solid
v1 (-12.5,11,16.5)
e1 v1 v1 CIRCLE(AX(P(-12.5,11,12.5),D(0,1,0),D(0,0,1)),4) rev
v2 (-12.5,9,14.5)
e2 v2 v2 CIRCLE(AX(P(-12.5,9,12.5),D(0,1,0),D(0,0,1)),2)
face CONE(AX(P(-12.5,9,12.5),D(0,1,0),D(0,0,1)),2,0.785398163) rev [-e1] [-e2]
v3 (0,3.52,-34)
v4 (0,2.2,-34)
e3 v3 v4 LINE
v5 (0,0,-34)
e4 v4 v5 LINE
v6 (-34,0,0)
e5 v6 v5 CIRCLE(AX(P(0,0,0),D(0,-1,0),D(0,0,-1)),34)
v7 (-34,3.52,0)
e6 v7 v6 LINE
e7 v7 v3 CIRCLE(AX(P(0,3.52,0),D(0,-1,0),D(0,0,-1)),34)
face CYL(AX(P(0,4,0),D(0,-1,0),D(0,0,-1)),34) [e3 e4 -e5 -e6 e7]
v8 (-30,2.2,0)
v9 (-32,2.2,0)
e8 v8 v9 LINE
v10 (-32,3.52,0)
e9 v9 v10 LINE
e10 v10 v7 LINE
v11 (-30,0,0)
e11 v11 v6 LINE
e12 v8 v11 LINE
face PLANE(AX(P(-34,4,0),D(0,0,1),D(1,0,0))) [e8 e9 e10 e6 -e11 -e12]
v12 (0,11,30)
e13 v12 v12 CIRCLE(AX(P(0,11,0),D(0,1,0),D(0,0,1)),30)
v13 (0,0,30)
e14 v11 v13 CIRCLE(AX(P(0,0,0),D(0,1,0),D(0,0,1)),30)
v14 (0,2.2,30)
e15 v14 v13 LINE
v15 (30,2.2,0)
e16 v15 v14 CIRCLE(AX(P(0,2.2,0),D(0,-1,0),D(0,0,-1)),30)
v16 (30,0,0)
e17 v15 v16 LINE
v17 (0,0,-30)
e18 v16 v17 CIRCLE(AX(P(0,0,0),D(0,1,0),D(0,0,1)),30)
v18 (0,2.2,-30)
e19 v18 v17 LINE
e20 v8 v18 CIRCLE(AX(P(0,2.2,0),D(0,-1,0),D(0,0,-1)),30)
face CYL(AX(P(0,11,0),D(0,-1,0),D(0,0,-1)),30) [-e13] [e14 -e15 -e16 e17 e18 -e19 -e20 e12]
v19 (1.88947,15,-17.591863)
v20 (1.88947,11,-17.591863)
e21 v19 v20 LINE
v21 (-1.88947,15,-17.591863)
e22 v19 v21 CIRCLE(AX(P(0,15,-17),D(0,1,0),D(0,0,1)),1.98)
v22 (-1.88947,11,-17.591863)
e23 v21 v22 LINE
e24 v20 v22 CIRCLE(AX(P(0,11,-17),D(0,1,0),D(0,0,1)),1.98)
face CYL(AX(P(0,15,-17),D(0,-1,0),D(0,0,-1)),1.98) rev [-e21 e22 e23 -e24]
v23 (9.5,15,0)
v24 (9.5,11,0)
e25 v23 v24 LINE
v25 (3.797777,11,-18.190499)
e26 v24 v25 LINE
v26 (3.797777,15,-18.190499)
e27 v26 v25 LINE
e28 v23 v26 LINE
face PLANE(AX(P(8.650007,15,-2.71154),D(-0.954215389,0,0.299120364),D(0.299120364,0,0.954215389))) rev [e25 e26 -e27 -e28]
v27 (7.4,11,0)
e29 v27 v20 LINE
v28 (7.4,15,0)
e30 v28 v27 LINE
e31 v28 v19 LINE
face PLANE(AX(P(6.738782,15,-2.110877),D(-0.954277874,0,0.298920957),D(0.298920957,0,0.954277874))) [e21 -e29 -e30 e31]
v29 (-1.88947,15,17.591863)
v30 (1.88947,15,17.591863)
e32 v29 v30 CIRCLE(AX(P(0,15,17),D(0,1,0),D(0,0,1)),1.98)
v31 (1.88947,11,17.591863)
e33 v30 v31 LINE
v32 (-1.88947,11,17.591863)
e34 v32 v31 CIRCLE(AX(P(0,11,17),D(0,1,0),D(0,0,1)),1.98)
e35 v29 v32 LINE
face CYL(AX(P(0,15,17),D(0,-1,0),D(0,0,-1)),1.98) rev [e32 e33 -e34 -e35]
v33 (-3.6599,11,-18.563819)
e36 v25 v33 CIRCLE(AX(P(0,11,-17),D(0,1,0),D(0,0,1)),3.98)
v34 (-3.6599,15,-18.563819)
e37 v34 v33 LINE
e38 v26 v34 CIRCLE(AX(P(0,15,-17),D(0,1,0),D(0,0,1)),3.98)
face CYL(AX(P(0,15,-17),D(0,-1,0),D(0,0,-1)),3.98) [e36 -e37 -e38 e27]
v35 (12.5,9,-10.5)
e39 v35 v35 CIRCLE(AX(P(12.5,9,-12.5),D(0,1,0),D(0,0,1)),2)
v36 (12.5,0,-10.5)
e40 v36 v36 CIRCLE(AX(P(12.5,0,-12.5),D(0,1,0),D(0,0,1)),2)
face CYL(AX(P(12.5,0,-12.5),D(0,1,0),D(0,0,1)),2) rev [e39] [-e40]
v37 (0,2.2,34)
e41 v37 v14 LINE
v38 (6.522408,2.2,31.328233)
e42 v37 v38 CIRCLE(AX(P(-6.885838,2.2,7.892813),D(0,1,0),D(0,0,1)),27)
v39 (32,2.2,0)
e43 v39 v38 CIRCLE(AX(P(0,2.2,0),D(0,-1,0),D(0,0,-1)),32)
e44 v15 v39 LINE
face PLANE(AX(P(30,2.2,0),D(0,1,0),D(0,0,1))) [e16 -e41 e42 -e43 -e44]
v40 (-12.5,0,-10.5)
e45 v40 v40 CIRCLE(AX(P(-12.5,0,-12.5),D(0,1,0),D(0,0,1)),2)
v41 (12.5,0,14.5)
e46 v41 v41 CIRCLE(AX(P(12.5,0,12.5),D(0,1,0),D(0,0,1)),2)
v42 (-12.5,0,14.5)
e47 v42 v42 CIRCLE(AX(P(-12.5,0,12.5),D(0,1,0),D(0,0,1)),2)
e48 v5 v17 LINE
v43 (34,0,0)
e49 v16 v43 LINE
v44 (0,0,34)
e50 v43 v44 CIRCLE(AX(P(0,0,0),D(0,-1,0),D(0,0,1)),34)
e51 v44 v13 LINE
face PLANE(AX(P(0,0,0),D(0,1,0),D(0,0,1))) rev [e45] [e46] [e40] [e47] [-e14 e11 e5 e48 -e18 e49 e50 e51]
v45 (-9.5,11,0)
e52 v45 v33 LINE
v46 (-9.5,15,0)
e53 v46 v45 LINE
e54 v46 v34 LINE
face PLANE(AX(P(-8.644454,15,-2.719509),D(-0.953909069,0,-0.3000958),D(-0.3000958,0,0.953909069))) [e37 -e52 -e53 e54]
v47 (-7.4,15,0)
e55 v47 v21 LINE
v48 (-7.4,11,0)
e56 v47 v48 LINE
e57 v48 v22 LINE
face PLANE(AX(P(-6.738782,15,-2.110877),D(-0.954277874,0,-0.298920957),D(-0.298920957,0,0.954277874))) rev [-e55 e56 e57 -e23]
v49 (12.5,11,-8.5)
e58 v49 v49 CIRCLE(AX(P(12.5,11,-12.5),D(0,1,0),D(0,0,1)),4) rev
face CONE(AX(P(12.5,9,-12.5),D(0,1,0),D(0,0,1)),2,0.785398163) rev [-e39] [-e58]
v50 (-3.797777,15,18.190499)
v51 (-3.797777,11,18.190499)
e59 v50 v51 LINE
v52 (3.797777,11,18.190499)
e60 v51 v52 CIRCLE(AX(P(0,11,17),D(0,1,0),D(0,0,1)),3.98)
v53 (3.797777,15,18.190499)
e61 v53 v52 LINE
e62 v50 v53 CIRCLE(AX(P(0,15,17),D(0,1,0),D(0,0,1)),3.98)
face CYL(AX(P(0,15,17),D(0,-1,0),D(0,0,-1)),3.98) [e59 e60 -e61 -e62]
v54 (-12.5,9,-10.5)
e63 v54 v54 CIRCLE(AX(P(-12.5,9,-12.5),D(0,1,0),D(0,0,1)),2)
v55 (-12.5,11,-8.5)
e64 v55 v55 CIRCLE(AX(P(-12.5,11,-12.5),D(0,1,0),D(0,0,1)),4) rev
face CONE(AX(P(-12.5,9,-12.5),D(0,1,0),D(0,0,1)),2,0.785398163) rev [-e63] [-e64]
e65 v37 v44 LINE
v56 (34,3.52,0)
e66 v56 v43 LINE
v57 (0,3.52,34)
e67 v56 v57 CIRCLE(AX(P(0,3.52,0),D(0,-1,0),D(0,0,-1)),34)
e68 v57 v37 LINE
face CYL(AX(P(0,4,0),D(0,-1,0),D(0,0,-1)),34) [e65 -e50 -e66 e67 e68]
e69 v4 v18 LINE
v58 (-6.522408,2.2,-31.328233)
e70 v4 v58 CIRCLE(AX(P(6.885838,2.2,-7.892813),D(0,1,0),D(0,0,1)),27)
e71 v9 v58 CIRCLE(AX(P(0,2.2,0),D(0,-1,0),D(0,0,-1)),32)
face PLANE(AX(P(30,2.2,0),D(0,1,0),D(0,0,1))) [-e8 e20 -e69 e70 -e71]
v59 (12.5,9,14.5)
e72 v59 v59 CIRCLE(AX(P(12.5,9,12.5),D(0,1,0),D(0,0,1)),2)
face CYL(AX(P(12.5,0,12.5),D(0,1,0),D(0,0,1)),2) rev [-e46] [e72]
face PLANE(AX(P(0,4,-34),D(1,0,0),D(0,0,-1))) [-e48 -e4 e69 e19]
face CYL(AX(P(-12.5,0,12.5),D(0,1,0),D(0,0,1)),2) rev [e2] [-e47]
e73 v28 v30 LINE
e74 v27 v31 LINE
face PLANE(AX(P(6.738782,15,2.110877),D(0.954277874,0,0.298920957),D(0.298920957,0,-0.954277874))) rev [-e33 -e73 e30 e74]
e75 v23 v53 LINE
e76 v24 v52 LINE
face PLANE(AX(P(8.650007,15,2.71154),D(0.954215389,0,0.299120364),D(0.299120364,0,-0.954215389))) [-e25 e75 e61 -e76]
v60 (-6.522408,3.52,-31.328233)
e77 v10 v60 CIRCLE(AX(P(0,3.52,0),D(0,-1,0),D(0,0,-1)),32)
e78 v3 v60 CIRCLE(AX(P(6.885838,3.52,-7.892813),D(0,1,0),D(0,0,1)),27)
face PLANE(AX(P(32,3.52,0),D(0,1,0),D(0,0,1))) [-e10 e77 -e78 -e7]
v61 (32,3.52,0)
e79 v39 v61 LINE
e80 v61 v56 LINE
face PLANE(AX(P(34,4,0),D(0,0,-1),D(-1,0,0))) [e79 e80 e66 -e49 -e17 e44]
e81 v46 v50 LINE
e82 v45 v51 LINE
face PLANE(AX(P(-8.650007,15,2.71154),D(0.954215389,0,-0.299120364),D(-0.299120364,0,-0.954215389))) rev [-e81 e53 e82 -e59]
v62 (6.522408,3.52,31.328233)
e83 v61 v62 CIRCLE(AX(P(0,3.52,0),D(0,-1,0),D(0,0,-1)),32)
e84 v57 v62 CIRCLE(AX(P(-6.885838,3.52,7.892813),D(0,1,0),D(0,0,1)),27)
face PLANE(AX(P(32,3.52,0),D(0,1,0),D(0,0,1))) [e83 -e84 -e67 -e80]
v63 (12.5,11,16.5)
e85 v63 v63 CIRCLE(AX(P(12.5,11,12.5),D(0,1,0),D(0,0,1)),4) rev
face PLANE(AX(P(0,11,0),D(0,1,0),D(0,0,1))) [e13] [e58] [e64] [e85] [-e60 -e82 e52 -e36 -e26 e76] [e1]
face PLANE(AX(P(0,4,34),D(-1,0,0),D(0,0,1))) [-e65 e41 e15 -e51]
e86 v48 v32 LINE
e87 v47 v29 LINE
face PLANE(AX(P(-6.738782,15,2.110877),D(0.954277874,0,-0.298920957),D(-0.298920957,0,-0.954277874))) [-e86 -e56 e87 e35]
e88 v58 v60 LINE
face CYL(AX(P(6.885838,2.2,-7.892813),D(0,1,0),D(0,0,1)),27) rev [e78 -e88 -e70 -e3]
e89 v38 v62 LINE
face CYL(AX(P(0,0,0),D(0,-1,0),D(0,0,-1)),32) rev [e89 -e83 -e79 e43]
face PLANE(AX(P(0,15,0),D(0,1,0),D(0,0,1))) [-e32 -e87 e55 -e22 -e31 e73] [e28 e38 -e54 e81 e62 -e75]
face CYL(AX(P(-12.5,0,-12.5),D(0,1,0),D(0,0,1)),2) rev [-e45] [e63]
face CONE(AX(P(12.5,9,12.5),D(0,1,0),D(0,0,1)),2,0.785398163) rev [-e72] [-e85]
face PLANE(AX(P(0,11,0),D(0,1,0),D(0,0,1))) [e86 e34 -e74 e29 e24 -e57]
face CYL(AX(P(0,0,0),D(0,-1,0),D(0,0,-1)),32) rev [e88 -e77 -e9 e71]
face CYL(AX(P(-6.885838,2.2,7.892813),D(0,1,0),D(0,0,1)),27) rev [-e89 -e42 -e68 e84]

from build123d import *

# Parameters (mm, degrees)
SKETCH_1_R          = 30
EXTRUDE_1_DEPTH     = 11
EXTRUDE_2_DEPTH     = 4
CUT_EXTRUDE_1_DEPTH = 1.32
SKETCH_8_R          = 2
CUT_EXTRUDE_2_DEPTH = 50.325449821
CHAMFER_2_SIZE      = 2
EXTRUDE_4_DEPTH     = 4


with BuildPart() as part:
    # 草图1 → 凸台-拉伸1 (new body)
    with BuildSketch(Plane(origin=(0, 0, 0), x_dir=(1, 0, 0), z_dir=(0, 1, 0))):
        with Locations(Location((0, 0, 0), (0, 0, 270))):
            Circle(SKETCH_1_R)
    extrude(amount=EXTRUDE_1_DEPTH)

    # 草图3 → 凸台-拉伸2 (add)
    with BuildSketch(Plane.XZ):
        with BuildLine():
            Line((-34, 0), (-30, 0))
            ThreePointArc((-30, 0), (-21.213203436, -21.213203436), (0, -30))
            Line((0, -30), (0, -34))
            ThreePointArc((0, -34), (-24.04163056, -24.04163056), (-34, 0))
        make_face()
        with BuildLine():
            Line((0, 34), (0, 30))
            ThreePointArc((0, 30), (21.213203436, 21.213203436), (30, 0))
            Line((30, 0), (34, 0))
            ThreePointArc((34, 0), (24.04163056, 24.04163056), (0, 34))
        make_face()
    extrude(amount=-EXTRUDE_2_DEPTH)

    # 草图6 → 切除-旋转8 (revolve, cut)
    with BuildSketch(Plane(origin=(0, 0, 0), x_dir=(-1, 0, 0), z_dir=(0, 0, -1)), mode=Mode.PRIVATE) as cut_revolve_8_sk:
        Polygon((-30, 2.2), (-32, 2.2), (-32, 3.52), (-34, 3.52), (-34, 4), (-30, 4), align=None)
    revolve(cut_revolve_8_sk.sketch.rotate(Axis((0, 0, 0), (0, 1, 0)), 270), axis=Axis((0, 0, 0), (0, 1, 0)), mode=Mode.SUBTRACT)

    # 草图7 → 切除-拉伸1 (cut)
    with BuildSketch(Plane(origin=(0, 3.52, 0), x_dir=(1, 0, 0), z_dir=(0, 1, 0))):
        with BuildLine():
            Line((6.522408084, -31.328233158), (-2.191886095, -31.444458777))
            Line((-2.191886095, -31.444458777), (0, -34))
            ThreePointArc((0, -34), (3.348762467, -32.877867185), (6.522408084, -31.328233158))
        make_face()
        with BuildLine():
            Line((-6.522408084, 31.328233158), (2.581044054, 31.031256101))
            Line((2.581044054, 31.031256101), (0, 34))
            ThreePointArc((0, 34), (-3.348762467, 32.877867185), (-6.522408084, 31.328233158))
        make_face()
    extrude(amount=-CUT_EXTRUDE_1_DEPTH, mode=Mode.SUBTRACT)

    # 草图8 → 切除-拉伸2 (cut, through all)
    with BuildSketch(Plane(origin=(0, 11, 0), x_dir=(1, 0, 0), z_dir=(0, 1, 0))):
        with BuildLine():
            ThreePointArc((14.5, 12.5), (13.914213562, 13.914213562), (12.5, 14.5))
            Line((12.5, 14.5), (12.5, 10.5))
            ThreePointArc((12.5, 10.5), (13.914213562, 11.085786438), (14.5, 12.5))
        make_face()
        with BuildLine():
            Line((12.5, 10.5), (12.5, 14.5))
            ThreePointArc((12.5, 14.5), (10.5, 12.5), (12.5, 10.5))
        make_face()
        with BuildLine():
            ThreePointArc((-12.5, -10.5), (-13.914213562, -11.085786438), (-14.5, -12.5))
            Line((-14.5, -12.5), (-12.5, -12.5))
            Line((-12.5, -12.5), (-12.5, -10.5))
        make_face()
        with BuildLine():
            Line((-12.5, -12.5), (-14.5, -12.5))
            ThreePointArc((-14.5, -12.5), (-13.914213562, -13.914213562), (-12.5, -14.5))
            Line((-12.5, -14.5), (-12.5, -12.5))
        make_face()
        with BuildLine():
            ThreePointArc((-10.5, -12.5), (-11.085786438, -11.085786438), (-12.5, -10.5))
            Line((-12.5, -10.5), (-12.5, -12.5))
            Line((-12.5, -12.5), (-10.5, -12.5))
        make_face()
        with BuildLine():
            Line((-10.5, -12.5), (-12.5, -12.5))
            Line((-12.5, -12.5), (-12.5, -14.5))
            ThreePointArc((-12.5, -14.5), (-11.085786438, -13.914213562), (-10.5, -12.5))
        make_face()
        with Locations(Location((12.5, -12.5, 0), (0, 0, 270))):
            Circle(SKETCH_8_R)
        with Locations(Location((-12.5, 12.5, 0), (0, 0, 270))):
            Circle(SKETCH_8_R)
    extrude(amount=-CUT_EXTRUDE_2_DEPTH, mode=Mode.SUBTRACT)

    # 倒角2
    chamfer_2_edges = [part.edges().sort_by_distance(p)[0] for p in [
        (-12.5, 11, -14.5),
        (12.5, 11, 10.5),
        (-12.5, 11, 10.5),
        (12.5, 11, -14.5),
    ]]
    chamfer(chamfer_2_edges, length=CHAMFER_2_SIZE)

    # 草图13 → 凸台-拉伸4 (add)
    with BuildSketch(Plane(origin=(0, 11, 0), x_dir=(1, 0, 0), z_dir=(0, 1, 0))):
        with BuildLine():
            Line((-3.896027989, 17.813244072), (-9.5, 0))
            Line((-9.5, 0), (-3.797777246, -18.190499049))
            ThreePointArc((-3.797777246, -18.190499049), (0, -20.98), (3.797777246, -18.190499049))
            Line((3.797777246, -18.190499049), (9.5, 0))
            Line((9.5, 0), (3.797777247, 18.190499048))
            ThreePointArc((3.797777247, 18.190499048), (0.198983725, 20.975022701), (-3.659900167, 18.563819291))
            Line((-3.659900167, 18.563819291), (-3.896027989, 17.813244072))
        make_face()
        with BuildLine():
            Line((-1.889470191, -17.591863495), (-7.4, 0))
            Line((-7.4, 0), (-1.889470192, 17.591863494))
            ThreePointArc((-1.889470192, 17.591863494), (0, 18.979999999), (1.889470191, 17.591863494))
            Line((1.889470191, 17.591863494), (7.4, 0))
            Line((7.4, 0), (1.889470191, -17.591863495))
            ThreePointArc((1.889470191, -17.591863495), (0, -18.98), (-1.889470191, -17.591863495))
        make_face(mode=Mode.SUBTRACT)
    extrude(amount=EXTRUDE_4_DEPTH)


solid = part.part
